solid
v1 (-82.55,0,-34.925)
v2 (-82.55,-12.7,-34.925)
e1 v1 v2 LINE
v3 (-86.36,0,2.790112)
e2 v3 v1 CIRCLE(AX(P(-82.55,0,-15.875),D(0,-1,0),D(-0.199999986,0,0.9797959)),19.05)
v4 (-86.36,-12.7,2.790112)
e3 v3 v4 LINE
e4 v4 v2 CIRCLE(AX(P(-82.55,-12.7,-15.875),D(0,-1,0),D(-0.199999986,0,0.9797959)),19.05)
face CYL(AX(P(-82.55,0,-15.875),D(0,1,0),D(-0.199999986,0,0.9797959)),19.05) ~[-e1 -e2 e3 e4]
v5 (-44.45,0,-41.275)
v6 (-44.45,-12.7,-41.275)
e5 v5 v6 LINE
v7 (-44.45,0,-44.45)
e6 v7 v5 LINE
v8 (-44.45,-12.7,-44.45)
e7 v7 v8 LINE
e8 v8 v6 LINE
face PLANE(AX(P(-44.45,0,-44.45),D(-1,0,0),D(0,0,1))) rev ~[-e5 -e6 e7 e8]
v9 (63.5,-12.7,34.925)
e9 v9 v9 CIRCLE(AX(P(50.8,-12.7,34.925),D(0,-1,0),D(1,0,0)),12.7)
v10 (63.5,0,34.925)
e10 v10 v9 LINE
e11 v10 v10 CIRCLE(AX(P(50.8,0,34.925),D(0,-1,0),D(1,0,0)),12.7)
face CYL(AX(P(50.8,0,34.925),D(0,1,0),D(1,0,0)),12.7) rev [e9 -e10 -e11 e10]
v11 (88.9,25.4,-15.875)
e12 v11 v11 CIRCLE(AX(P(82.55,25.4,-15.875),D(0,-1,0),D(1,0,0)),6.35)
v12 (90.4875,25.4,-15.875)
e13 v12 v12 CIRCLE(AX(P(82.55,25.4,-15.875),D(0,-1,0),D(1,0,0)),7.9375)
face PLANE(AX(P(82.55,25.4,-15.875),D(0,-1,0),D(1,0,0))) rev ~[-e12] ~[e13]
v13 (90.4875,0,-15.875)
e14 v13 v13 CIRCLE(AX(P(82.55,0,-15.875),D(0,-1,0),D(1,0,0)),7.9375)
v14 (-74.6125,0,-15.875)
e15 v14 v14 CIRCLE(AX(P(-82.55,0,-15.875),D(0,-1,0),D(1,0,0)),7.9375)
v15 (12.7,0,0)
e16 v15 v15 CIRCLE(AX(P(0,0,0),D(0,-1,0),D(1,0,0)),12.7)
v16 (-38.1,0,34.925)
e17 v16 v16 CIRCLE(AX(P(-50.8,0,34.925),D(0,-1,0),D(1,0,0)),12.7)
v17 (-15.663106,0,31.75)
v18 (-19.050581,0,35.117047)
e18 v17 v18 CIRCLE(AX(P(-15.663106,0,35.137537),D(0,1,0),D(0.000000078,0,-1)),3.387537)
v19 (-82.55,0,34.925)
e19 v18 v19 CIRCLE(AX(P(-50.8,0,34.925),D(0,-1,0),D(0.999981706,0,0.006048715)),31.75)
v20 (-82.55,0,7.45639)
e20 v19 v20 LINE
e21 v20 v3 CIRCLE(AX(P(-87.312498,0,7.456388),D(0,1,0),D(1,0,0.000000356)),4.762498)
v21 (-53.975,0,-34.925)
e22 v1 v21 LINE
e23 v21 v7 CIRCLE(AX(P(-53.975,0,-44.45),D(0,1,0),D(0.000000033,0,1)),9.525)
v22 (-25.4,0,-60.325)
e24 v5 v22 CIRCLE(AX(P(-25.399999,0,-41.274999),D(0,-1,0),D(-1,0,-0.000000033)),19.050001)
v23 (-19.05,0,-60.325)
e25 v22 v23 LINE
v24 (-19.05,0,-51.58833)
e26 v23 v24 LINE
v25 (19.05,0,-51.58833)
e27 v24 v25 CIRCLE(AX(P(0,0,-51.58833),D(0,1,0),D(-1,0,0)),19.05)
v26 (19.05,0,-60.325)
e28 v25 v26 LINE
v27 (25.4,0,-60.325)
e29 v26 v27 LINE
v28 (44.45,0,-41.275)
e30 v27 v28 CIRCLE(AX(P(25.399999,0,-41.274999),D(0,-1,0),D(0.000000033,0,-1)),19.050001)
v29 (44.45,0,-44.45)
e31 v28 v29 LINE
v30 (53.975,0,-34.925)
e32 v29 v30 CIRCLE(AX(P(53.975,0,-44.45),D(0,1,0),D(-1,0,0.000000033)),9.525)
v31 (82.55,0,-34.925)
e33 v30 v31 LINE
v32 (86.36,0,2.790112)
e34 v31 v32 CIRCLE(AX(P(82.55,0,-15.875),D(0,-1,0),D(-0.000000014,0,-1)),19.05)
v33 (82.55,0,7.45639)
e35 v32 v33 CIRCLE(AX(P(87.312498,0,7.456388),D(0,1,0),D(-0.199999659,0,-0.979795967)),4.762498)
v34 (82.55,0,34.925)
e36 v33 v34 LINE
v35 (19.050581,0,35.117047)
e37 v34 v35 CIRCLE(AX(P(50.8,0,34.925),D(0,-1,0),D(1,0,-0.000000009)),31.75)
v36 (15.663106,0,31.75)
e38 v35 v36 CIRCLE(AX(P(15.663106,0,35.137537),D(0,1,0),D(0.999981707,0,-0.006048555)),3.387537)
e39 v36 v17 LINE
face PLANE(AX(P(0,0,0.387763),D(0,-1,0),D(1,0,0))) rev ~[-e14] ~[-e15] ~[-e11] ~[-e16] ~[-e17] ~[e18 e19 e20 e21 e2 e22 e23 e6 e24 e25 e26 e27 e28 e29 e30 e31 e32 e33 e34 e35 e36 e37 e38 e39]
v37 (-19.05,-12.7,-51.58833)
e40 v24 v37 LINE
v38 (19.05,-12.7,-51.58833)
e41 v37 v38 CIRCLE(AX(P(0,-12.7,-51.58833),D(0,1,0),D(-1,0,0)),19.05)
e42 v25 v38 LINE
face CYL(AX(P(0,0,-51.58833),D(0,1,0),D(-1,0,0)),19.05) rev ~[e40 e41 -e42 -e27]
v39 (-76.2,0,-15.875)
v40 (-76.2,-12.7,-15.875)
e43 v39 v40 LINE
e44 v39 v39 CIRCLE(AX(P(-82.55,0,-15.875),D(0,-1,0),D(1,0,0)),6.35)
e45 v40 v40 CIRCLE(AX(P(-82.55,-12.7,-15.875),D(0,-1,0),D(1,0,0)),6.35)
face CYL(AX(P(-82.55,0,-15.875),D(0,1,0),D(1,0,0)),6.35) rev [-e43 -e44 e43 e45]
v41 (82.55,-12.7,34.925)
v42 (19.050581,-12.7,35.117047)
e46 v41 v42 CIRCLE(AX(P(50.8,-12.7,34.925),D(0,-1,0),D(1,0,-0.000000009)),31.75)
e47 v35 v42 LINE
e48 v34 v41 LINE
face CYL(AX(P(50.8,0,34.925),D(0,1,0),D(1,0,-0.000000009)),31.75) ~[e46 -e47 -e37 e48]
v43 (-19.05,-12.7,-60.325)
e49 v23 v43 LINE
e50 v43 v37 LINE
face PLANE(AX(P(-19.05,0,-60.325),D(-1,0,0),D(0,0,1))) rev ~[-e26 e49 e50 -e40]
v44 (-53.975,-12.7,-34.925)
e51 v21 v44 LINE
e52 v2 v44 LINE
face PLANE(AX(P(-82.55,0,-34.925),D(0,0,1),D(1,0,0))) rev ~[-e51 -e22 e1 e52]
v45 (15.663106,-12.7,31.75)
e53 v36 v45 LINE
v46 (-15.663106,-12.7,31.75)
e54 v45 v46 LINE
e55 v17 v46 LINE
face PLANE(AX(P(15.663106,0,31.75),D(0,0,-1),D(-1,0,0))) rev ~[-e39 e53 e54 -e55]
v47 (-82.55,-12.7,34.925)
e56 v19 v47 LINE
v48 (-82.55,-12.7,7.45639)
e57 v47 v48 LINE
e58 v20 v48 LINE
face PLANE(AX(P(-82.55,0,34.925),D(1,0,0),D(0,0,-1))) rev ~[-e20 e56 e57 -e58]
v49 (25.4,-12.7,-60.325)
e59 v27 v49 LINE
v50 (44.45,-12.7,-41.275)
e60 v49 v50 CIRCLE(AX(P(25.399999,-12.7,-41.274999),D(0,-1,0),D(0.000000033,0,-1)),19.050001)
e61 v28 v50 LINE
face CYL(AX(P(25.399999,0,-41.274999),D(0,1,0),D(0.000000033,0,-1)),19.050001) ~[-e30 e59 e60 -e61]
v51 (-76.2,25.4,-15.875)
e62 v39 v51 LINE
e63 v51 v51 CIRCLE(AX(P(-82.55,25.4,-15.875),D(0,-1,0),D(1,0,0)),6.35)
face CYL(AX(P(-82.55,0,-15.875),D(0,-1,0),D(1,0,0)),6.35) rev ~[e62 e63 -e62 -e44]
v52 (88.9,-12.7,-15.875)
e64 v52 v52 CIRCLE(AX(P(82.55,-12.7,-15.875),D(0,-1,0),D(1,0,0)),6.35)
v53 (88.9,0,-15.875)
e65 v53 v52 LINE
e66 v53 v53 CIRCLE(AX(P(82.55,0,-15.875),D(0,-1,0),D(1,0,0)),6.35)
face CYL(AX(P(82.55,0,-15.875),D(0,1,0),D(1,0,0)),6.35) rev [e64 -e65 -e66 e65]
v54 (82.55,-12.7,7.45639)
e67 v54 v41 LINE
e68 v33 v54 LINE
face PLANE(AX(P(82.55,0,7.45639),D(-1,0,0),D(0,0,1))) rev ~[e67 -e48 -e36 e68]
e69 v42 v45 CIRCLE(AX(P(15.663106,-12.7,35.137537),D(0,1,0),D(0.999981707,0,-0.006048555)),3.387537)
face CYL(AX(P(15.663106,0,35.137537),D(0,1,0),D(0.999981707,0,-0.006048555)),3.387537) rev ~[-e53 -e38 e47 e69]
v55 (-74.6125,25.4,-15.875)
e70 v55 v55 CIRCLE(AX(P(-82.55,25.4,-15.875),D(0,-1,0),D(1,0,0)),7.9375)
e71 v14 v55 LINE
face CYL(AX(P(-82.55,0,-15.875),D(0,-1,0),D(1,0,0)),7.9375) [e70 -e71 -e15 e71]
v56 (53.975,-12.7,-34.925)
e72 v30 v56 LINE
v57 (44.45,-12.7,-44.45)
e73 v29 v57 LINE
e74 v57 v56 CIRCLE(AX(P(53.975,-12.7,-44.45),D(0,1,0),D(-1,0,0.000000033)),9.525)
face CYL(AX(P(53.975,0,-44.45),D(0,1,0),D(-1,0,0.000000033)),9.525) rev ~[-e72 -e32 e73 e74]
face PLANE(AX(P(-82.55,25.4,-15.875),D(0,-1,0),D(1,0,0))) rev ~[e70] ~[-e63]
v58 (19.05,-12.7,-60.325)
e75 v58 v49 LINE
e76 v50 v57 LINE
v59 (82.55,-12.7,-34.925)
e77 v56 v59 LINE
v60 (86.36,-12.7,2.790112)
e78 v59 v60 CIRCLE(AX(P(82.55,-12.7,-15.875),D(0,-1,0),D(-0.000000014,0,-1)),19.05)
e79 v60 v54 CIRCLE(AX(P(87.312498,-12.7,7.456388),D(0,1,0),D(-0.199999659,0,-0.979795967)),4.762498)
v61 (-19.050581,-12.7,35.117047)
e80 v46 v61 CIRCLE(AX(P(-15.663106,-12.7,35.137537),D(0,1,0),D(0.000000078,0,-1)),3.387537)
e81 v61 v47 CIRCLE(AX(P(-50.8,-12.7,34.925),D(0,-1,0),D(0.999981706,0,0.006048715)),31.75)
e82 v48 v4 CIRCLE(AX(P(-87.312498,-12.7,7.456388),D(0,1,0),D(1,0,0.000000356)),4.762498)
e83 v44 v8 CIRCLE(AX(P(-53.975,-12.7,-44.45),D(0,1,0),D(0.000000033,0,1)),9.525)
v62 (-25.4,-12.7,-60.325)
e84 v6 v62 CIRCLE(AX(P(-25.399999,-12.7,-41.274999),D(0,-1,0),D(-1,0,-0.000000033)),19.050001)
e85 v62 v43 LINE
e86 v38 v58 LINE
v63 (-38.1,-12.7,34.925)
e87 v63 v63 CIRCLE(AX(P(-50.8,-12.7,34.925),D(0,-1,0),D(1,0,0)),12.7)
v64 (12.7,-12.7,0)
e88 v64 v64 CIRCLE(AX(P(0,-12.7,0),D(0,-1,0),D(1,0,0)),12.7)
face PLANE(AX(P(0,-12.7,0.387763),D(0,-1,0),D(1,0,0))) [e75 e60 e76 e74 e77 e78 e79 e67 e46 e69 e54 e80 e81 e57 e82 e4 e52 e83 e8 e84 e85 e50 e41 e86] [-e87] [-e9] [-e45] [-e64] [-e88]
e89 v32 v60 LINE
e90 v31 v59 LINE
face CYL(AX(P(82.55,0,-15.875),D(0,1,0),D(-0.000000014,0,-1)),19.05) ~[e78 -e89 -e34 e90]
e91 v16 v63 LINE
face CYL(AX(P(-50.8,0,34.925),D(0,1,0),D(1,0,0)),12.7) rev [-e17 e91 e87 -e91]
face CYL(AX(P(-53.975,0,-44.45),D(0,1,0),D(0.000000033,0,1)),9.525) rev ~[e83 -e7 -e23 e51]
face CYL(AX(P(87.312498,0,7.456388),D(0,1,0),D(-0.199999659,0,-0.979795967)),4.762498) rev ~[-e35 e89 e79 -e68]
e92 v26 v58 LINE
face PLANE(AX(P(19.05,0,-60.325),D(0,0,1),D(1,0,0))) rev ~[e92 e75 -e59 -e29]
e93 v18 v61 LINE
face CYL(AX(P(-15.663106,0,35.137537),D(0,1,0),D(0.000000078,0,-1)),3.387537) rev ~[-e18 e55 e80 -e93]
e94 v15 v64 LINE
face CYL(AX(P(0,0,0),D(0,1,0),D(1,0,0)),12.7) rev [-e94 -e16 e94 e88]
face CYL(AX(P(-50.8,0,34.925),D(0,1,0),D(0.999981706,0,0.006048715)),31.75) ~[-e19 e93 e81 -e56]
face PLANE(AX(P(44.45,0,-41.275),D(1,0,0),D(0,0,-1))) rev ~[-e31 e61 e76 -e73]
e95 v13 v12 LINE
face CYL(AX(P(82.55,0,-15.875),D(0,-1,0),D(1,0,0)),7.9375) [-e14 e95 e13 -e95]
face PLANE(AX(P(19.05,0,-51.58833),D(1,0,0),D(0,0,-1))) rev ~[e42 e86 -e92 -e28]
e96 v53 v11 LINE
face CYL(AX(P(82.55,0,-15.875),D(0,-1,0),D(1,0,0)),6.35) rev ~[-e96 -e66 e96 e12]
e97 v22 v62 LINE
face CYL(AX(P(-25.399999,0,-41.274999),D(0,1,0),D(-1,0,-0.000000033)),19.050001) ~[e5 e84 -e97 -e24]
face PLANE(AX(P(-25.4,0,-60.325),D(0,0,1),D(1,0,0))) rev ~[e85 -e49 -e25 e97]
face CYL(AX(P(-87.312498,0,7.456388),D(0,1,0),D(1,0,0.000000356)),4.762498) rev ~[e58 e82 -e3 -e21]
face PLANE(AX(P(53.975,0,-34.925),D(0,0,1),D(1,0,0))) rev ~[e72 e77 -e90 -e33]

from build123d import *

# Parameters (mm, degrees)
F0_R     = 7.9375
F0_R_2   = 12.7
F0_R_3   = 6.35
F1_DEPTH = 12.7
F2_DEPTH = 25.4


with BuildPart() as f1:
    # F0 (on Front) → F1 (new body)
    with BuildSketch(Plane.XZ):
        with BuildLine():
            Line((82.55, 7.45639), (82.55, 34.925))
            ThreePointArc((82.55, 34.925), (50.896024, 66.674855), (19.050581, 35.117047))
            ThreePointArc((19.050581, 35.117047), (18.051201, 32.734953), (15.663106, 31.75))
            Line((15.663106, 31.75), (0, 31.75))
            Line((0, 31.75), (-15.663106, 31.75))
            ThreePointArc((-15.663106, 31.75), (-18.051201, 32.734953), (-19.050581, 35.117047))
            ThreePointArc((-19.050581, 35.117047), (-50.896024, 66.674855), (-82.55, 34.925))
            Line((-82.55, 34.925), (-82.55, 7.45639))
            ThreePointArc((-82.55, 7.45639), (-83.623483, 4.44432), (-86.36, 2.790112))
            ThreePointArc((-86.36, 2.790112), (-101.503534, -17.789696), (-82.55, -34.925))
            Line((-82.55, -34.925), (-53.975, -34.925))
            ThreePointArc((-53.975, -34.925), (-47.239808, -37.714808), (-44.45, -44.45))
            Line((-44.45, -44.45), (-44.45, -41.275))
            ThreePointArc((-44.45, -41.275), (-38.870384, -54.745384), (-25.4, -60.325))
            Line((-25.4, -60.325), (-19.05, -60.325))
            Line((-19.05, -60.325), (-19.05, -51.58833))
            ThreePointArc((-19.05, -51.58833), (0, -32.53833), (19.05, -51.58833))
            Line((19.05, -51.58833), (19.05, -60.325))
            Line((19.05, -60.325), (25.4, -60.325))
            ThreePointArc((25.4, -60.325), (38.870384, -54.745384), (44.45, -41.275))
            Line((44.45, -41.275), (44.45, -44.45))
            ThreePointArc((44.45, -44.45), (47.239808, -37.714808), (53.975, -34.925))
            Line((53.975, -34.925), (82.55, -34.925))
            ThreePointArc((82.55, -34.925), (101.503534, -17.789696), (86.36, 2.790112))
            ThreePointArc((86.36, 2.790112), (83.623483, 4.44432), (82.55, 7.45639))
        make_face()
        with Locations((-82.55, -15.875)):
            Circle(F0_R, mode=Mode.SUBTRACT)
        Circle(F0_R_2, mode=Mode.SUBTRACT)
        with Locations((82.55, -15.875)):
            Circle(F0_R, mode=Mode.SUBTRACT)
        with Locations((-50.8, 34.925)):
            Circle(F0_R_2, mode=Mode.SUBTRACT)
        with Locations((50.8, 34.925)):
            Circle(F0_R_2, mode=Mode.SUBTRACT)
        with Locations((-82.55, -15.875)):
            Circle(F0_R)
        with Locations((-82.55, -15.875)):
            Circle(F0_R_3, mode=Mode.SUBTRACT)
        with Locations((82.55, -15.875)):
            Circle(F0_R)
        with Locations((82.55, -15.875)):
            Circle(F0_R_3, mode=Mode.SUBTRACT)
    extrude(amount=F1_DEPTH)

    # F0 (on Front) → F2 (join)
    with BuildSketch(Plane.XZ):
        with Locations((82.55, -15.875)):
            Circle(F0_R)
        with Locations((82.55, -15.875)):
            Circle(F0_R_3, mode=Mode.SUBTRACT)
        with Locations((-82.55, -15.875)):
            Circle(F0_R)
        with Locations((-82.55, -15.875)):
            Circle(F0_R_3, mode=Mode.SUBTRACT)
    extrude(amount=-F2_DEPTH)


solid = f1.part
